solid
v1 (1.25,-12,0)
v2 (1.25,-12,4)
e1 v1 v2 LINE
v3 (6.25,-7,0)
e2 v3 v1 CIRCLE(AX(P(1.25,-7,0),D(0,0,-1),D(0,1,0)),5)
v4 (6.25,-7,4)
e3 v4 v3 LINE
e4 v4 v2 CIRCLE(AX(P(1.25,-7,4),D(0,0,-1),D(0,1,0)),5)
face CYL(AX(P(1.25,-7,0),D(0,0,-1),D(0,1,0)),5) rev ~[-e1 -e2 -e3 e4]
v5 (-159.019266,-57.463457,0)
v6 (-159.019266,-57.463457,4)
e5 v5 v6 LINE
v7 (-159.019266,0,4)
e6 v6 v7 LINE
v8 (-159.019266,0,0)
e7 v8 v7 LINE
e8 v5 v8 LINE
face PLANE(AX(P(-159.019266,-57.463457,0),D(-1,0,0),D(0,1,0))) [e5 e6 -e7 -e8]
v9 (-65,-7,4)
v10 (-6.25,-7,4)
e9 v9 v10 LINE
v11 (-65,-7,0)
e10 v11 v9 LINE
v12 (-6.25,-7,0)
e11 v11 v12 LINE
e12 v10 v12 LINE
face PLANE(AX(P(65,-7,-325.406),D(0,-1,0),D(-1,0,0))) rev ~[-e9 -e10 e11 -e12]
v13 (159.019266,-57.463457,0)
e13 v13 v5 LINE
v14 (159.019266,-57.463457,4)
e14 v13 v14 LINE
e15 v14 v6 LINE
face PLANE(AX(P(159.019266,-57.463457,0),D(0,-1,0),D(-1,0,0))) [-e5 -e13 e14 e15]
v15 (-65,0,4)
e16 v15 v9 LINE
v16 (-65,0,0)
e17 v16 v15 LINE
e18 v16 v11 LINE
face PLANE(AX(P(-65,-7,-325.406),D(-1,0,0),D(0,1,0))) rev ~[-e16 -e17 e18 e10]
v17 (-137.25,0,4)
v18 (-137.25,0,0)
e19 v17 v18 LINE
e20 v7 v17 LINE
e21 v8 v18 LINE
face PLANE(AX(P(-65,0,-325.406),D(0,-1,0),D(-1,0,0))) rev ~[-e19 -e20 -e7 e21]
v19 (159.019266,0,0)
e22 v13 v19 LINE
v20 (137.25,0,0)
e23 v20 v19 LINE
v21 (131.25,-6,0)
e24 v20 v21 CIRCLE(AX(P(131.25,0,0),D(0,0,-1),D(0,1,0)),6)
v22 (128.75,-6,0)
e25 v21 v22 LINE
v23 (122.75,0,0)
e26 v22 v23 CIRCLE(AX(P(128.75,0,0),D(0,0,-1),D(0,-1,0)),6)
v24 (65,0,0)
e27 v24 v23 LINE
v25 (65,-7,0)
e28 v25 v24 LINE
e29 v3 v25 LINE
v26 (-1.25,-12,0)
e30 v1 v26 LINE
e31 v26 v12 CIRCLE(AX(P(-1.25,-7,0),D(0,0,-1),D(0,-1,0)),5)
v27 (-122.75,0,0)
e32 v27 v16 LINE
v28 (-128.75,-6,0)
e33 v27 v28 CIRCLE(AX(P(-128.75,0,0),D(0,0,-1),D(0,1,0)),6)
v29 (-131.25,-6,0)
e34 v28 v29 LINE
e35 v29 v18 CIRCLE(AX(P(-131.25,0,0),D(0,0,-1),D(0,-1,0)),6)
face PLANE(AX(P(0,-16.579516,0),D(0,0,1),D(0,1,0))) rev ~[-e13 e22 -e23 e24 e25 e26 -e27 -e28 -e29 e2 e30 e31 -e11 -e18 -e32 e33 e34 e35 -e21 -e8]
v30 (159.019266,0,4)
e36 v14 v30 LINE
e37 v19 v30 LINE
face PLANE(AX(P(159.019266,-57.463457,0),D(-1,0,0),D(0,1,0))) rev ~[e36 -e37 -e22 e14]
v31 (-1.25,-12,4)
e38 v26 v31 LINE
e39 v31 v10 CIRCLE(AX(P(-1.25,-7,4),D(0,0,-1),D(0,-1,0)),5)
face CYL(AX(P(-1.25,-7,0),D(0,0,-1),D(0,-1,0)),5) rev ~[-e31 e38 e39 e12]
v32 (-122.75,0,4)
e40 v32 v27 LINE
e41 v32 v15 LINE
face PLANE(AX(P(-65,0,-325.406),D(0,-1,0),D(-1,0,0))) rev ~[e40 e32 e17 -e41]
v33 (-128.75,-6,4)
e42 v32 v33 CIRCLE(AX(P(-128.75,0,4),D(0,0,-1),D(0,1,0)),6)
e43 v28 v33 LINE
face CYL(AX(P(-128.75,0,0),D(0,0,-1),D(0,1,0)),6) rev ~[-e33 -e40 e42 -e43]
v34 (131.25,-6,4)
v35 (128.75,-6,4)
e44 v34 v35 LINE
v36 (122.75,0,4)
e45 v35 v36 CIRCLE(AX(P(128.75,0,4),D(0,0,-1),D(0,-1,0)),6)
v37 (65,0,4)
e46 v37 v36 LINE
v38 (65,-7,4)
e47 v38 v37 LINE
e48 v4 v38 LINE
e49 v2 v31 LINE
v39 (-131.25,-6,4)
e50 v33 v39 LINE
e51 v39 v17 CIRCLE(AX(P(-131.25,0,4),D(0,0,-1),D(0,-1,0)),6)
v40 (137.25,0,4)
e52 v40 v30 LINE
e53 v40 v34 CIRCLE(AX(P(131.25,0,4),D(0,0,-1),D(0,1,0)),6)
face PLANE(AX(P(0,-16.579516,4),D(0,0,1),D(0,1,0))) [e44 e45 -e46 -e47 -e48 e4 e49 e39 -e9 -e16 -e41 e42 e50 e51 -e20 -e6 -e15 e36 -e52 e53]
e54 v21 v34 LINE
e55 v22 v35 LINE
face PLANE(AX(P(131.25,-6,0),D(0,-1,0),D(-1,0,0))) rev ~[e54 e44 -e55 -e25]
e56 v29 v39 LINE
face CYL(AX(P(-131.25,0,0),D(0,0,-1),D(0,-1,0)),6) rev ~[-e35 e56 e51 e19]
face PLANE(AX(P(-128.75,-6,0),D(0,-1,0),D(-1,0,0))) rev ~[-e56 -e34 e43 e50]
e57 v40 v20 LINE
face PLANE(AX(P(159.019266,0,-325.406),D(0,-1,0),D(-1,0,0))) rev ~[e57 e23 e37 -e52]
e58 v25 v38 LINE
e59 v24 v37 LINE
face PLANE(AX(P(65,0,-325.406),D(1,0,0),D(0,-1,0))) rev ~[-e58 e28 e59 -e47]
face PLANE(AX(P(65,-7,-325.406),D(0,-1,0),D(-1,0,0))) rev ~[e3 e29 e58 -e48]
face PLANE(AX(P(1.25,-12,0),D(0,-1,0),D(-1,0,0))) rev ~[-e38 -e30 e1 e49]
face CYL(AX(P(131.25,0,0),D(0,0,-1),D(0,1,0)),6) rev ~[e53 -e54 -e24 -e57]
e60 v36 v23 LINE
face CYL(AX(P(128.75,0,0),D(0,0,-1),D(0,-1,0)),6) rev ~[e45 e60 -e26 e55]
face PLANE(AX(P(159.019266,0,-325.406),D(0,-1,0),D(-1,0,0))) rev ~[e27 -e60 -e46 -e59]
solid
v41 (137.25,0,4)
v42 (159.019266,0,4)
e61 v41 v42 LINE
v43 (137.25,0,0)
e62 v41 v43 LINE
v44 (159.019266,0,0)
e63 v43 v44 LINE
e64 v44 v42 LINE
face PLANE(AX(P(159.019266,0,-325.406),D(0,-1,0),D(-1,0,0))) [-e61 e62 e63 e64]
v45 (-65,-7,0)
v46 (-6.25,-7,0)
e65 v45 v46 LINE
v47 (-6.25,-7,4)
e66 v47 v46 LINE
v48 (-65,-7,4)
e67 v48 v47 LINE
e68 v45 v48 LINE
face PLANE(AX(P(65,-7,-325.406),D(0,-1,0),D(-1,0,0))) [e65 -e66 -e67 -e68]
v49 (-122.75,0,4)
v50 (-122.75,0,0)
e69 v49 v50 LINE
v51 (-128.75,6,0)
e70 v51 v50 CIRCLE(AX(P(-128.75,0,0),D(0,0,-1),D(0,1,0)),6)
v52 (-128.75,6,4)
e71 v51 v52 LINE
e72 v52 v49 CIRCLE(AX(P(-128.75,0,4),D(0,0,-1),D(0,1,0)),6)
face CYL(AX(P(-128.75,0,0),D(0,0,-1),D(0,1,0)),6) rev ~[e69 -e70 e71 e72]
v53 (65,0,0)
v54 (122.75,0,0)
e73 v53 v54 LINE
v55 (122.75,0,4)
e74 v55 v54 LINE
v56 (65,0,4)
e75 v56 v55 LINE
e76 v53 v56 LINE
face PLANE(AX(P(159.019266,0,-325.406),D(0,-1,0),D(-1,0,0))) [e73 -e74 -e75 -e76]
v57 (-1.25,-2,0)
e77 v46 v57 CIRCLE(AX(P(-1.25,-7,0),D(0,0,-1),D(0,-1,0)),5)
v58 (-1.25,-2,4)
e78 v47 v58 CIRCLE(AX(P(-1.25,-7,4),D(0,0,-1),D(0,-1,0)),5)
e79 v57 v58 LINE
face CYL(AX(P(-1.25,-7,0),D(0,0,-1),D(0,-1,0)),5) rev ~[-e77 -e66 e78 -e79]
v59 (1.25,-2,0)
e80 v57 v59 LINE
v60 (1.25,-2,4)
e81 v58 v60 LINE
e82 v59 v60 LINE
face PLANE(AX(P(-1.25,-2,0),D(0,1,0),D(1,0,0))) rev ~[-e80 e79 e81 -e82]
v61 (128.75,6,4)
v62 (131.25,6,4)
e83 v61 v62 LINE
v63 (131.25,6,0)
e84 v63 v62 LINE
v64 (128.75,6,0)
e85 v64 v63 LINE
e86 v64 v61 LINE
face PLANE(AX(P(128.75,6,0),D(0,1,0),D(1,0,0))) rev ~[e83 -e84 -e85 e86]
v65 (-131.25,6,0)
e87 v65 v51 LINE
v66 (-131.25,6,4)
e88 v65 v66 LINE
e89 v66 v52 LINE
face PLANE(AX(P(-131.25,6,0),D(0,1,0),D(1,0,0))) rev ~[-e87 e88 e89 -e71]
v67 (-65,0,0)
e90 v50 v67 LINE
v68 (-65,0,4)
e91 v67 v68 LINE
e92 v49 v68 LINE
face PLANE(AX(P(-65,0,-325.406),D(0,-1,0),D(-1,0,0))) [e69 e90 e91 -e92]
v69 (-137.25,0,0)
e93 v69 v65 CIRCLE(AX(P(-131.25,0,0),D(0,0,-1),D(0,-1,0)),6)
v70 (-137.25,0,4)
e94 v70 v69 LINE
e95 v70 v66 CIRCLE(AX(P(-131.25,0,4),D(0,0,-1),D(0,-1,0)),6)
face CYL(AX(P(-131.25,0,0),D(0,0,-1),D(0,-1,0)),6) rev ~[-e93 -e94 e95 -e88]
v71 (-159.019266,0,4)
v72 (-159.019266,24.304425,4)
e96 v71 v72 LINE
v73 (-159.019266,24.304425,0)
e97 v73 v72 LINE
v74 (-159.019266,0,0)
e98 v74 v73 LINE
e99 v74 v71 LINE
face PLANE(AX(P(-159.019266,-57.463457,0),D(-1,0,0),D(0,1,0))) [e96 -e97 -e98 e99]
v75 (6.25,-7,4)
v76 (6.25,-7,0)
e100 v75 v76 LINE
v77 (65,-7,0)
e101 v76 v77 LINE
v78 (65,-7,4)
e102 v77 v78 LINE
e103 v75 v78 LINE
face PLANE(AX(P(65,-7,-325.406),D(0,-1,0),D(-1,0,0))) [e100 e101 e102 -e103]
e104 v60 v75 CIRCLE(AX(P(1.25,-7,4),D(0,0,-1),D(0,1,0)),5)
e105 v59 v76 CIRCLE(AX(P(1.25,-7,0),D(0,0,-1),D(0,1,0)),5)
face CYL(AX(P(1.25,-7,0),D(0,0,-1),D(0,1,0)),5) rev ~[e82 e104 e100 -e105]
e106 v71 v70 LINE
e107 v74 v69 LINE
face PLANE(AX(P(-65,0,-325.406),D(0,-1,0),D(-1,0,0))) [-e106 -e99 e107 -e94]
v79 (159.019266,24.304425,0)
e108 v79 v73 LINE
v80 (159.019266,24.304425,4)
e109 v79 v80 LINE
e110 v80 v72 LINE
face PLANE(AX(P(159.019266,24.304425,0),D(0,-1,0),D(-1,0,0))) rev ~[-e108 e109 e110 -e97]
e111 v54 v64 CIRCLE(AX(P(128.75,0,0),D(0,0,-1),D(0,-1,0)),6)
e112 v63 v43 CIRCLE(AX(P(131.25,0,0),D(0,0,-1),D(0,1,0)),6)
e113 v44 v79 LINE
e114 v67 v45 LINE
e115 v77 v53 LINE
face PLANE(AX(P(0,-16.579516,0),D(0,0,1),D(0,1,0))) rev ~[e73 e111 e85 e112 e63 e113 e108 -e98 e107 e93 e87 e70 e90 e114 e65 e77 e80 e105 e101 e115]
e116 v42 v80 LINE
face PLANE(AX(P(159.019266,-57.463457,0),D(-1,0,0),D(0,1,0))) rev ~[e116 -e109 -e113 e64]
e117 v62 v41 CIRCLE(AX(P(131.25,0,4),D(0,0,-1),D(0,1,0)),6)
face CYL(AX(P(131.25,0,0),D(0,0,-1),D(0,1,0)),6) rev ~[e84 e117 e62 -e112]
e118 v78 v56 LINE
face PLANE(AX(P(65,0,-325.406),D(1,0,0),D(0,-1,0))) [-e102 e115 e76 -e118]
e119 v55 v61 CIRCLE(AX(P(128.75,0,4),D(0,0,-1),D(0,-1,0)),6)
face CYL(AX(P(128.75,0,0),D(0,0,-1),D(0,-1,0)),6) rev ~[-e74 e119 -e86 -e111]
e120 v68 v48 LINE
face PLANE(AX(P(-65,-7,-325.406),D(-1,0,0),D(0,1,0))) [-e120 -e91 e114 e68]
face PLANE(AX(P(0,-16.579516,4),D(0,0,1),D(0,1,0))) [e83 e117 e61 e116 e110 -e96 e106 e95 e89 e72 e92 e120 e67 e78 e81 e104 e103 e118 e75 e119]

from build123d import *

# Parameters (mm, degrees)
SKETCH1_W                = 81.76788233
SKETCH1_H                = 318.0385329
BOSS_EXTRUDE1_DEPTH      = 4
SPLIT1_SURFACE_1_1_BACK  = 329.406
SPLIT1_SURFACE_1_1_DEPTH = 658.812
SPLIT1_SURFACE_1_2_BACK  = 329.406
SPLIT1_SURFACE_1_2_DEPTH = 658.812


with BuildPart() as part:
    # Sketch1 → Boss-Extrude1 (new body)
    with BuildSketch(Plane(origin=(0, 0, 0), x_dir=(0, 1, 0), z_dir=(0, 0, 1))):
        with Locations((-16.57951628, 0)):
            Rectangle(SKETCH1_W, SKETCH1_H)
        with BuildLine():
            Line((-6, 128.75), (-6, 131.25))
            ThreePointArc((-6, 131.25), (0, 137.25), (6, 131.25))
            Line((6, 131.25), (6, 128.75))
            ThreePointArc((6, 128.75), (0, 122.75), (-6, 128.75))
        make_face(mode=Mode.SUBTRACT)
        with BuildLine():
            Line((-6, -131.25), (-6, -128.75))
            ThreePointArc((-6, -128.75), (0, -122.75), (6, -128.75))
            Line((6, -128.75), (6, -131.25))
            ThreePointArc((6, -131.25), (0, -137.25), (-6, -131.25))
        make_face(mode=Mode.SUBTRACT)
        with BuildLine():
            Line((-2, 1.25), (-2, -1.25))
            ThreePointArc((-2, -1.25), (-7, -6.25), (-12, -1.25))
            Line((-12, -1.25), (-12, 1.25))
            ThreePointArc((-12, 1.25), (-7, 6.25), (-2, 1.25))
        make_face(mode=Mode.SUBTRACT)
    extrude(amount=BOSS_EXTRUDE1_DEPTH)


with BuildPart() as body_2:
    # Split1: the piece behind the surface
    add(part.part)
    # Split1 surface 1: a surface, the sketch's curves swept straight by 658.812 mm
    with BuildLine(Plane.XY.offset(4).offset(-SPLIT1_SURFACE_1_1_BACK), mode=Mode.PRIVATE) as split1_surface_1_1_path:
        Line((159.01926645, 0), (65, 0))
        Line((65, 0), (65, -7))
        Line((65, -7), (-65, -7))
        Line((-65, -7), (-65, 0))
        Line((-65, 0), (-159.01926645, 0))
    split1_surface_1_1 = Shell.extrude(split1_surface_1_1_path.wire(), (0 * SPLIT1_SURFACE_1_1_DEPTH, 0 * SPLIT1_SURFACE_1_1_DEPTH, 1 * SPLIT1_SURFACE_1_1_DEPTH))
    split(bisect_by=split1_surface_1_1, keep=Keep.BOTTOM)


with BuildPart() as part_1:
    add(part.part)

    # Split1: split by a surface, the side it looks to stays
    # Split1 surface 1: a surface, the sketch's curves swept straight by 658.812 mm
    with BuildLine(Plane.XY.offset(4).offset(-SPLIT1_SURFACE_1_2_BACK), mode=Mode.PRIVATE) as split1_surface_1_2_path:
        Line((159.01926645, 0), (65, 0))
        Line((65, 0), (65, -7))
        Line((65, -7), (-65, -7))
        Line((-65, -7), (-65, 0))
        Line((-65, 0), (-159.01926645, 0))
    split1_surface_1_2 = Shell.extrude(split1_surface_1_2_path.wire(), (0 * SPLIT1_SURFACE_1_2_DEPTH, 0 * SPLIT1_SURFACE_1_2_DEPTH, 1 * SPLIT1_SURFACE_1_2_DEPTH))
    split(bisect_by=split1_surface_1_2, keep=Keep.TOP)


solid = Compound([body_2.part, part_1.part])
